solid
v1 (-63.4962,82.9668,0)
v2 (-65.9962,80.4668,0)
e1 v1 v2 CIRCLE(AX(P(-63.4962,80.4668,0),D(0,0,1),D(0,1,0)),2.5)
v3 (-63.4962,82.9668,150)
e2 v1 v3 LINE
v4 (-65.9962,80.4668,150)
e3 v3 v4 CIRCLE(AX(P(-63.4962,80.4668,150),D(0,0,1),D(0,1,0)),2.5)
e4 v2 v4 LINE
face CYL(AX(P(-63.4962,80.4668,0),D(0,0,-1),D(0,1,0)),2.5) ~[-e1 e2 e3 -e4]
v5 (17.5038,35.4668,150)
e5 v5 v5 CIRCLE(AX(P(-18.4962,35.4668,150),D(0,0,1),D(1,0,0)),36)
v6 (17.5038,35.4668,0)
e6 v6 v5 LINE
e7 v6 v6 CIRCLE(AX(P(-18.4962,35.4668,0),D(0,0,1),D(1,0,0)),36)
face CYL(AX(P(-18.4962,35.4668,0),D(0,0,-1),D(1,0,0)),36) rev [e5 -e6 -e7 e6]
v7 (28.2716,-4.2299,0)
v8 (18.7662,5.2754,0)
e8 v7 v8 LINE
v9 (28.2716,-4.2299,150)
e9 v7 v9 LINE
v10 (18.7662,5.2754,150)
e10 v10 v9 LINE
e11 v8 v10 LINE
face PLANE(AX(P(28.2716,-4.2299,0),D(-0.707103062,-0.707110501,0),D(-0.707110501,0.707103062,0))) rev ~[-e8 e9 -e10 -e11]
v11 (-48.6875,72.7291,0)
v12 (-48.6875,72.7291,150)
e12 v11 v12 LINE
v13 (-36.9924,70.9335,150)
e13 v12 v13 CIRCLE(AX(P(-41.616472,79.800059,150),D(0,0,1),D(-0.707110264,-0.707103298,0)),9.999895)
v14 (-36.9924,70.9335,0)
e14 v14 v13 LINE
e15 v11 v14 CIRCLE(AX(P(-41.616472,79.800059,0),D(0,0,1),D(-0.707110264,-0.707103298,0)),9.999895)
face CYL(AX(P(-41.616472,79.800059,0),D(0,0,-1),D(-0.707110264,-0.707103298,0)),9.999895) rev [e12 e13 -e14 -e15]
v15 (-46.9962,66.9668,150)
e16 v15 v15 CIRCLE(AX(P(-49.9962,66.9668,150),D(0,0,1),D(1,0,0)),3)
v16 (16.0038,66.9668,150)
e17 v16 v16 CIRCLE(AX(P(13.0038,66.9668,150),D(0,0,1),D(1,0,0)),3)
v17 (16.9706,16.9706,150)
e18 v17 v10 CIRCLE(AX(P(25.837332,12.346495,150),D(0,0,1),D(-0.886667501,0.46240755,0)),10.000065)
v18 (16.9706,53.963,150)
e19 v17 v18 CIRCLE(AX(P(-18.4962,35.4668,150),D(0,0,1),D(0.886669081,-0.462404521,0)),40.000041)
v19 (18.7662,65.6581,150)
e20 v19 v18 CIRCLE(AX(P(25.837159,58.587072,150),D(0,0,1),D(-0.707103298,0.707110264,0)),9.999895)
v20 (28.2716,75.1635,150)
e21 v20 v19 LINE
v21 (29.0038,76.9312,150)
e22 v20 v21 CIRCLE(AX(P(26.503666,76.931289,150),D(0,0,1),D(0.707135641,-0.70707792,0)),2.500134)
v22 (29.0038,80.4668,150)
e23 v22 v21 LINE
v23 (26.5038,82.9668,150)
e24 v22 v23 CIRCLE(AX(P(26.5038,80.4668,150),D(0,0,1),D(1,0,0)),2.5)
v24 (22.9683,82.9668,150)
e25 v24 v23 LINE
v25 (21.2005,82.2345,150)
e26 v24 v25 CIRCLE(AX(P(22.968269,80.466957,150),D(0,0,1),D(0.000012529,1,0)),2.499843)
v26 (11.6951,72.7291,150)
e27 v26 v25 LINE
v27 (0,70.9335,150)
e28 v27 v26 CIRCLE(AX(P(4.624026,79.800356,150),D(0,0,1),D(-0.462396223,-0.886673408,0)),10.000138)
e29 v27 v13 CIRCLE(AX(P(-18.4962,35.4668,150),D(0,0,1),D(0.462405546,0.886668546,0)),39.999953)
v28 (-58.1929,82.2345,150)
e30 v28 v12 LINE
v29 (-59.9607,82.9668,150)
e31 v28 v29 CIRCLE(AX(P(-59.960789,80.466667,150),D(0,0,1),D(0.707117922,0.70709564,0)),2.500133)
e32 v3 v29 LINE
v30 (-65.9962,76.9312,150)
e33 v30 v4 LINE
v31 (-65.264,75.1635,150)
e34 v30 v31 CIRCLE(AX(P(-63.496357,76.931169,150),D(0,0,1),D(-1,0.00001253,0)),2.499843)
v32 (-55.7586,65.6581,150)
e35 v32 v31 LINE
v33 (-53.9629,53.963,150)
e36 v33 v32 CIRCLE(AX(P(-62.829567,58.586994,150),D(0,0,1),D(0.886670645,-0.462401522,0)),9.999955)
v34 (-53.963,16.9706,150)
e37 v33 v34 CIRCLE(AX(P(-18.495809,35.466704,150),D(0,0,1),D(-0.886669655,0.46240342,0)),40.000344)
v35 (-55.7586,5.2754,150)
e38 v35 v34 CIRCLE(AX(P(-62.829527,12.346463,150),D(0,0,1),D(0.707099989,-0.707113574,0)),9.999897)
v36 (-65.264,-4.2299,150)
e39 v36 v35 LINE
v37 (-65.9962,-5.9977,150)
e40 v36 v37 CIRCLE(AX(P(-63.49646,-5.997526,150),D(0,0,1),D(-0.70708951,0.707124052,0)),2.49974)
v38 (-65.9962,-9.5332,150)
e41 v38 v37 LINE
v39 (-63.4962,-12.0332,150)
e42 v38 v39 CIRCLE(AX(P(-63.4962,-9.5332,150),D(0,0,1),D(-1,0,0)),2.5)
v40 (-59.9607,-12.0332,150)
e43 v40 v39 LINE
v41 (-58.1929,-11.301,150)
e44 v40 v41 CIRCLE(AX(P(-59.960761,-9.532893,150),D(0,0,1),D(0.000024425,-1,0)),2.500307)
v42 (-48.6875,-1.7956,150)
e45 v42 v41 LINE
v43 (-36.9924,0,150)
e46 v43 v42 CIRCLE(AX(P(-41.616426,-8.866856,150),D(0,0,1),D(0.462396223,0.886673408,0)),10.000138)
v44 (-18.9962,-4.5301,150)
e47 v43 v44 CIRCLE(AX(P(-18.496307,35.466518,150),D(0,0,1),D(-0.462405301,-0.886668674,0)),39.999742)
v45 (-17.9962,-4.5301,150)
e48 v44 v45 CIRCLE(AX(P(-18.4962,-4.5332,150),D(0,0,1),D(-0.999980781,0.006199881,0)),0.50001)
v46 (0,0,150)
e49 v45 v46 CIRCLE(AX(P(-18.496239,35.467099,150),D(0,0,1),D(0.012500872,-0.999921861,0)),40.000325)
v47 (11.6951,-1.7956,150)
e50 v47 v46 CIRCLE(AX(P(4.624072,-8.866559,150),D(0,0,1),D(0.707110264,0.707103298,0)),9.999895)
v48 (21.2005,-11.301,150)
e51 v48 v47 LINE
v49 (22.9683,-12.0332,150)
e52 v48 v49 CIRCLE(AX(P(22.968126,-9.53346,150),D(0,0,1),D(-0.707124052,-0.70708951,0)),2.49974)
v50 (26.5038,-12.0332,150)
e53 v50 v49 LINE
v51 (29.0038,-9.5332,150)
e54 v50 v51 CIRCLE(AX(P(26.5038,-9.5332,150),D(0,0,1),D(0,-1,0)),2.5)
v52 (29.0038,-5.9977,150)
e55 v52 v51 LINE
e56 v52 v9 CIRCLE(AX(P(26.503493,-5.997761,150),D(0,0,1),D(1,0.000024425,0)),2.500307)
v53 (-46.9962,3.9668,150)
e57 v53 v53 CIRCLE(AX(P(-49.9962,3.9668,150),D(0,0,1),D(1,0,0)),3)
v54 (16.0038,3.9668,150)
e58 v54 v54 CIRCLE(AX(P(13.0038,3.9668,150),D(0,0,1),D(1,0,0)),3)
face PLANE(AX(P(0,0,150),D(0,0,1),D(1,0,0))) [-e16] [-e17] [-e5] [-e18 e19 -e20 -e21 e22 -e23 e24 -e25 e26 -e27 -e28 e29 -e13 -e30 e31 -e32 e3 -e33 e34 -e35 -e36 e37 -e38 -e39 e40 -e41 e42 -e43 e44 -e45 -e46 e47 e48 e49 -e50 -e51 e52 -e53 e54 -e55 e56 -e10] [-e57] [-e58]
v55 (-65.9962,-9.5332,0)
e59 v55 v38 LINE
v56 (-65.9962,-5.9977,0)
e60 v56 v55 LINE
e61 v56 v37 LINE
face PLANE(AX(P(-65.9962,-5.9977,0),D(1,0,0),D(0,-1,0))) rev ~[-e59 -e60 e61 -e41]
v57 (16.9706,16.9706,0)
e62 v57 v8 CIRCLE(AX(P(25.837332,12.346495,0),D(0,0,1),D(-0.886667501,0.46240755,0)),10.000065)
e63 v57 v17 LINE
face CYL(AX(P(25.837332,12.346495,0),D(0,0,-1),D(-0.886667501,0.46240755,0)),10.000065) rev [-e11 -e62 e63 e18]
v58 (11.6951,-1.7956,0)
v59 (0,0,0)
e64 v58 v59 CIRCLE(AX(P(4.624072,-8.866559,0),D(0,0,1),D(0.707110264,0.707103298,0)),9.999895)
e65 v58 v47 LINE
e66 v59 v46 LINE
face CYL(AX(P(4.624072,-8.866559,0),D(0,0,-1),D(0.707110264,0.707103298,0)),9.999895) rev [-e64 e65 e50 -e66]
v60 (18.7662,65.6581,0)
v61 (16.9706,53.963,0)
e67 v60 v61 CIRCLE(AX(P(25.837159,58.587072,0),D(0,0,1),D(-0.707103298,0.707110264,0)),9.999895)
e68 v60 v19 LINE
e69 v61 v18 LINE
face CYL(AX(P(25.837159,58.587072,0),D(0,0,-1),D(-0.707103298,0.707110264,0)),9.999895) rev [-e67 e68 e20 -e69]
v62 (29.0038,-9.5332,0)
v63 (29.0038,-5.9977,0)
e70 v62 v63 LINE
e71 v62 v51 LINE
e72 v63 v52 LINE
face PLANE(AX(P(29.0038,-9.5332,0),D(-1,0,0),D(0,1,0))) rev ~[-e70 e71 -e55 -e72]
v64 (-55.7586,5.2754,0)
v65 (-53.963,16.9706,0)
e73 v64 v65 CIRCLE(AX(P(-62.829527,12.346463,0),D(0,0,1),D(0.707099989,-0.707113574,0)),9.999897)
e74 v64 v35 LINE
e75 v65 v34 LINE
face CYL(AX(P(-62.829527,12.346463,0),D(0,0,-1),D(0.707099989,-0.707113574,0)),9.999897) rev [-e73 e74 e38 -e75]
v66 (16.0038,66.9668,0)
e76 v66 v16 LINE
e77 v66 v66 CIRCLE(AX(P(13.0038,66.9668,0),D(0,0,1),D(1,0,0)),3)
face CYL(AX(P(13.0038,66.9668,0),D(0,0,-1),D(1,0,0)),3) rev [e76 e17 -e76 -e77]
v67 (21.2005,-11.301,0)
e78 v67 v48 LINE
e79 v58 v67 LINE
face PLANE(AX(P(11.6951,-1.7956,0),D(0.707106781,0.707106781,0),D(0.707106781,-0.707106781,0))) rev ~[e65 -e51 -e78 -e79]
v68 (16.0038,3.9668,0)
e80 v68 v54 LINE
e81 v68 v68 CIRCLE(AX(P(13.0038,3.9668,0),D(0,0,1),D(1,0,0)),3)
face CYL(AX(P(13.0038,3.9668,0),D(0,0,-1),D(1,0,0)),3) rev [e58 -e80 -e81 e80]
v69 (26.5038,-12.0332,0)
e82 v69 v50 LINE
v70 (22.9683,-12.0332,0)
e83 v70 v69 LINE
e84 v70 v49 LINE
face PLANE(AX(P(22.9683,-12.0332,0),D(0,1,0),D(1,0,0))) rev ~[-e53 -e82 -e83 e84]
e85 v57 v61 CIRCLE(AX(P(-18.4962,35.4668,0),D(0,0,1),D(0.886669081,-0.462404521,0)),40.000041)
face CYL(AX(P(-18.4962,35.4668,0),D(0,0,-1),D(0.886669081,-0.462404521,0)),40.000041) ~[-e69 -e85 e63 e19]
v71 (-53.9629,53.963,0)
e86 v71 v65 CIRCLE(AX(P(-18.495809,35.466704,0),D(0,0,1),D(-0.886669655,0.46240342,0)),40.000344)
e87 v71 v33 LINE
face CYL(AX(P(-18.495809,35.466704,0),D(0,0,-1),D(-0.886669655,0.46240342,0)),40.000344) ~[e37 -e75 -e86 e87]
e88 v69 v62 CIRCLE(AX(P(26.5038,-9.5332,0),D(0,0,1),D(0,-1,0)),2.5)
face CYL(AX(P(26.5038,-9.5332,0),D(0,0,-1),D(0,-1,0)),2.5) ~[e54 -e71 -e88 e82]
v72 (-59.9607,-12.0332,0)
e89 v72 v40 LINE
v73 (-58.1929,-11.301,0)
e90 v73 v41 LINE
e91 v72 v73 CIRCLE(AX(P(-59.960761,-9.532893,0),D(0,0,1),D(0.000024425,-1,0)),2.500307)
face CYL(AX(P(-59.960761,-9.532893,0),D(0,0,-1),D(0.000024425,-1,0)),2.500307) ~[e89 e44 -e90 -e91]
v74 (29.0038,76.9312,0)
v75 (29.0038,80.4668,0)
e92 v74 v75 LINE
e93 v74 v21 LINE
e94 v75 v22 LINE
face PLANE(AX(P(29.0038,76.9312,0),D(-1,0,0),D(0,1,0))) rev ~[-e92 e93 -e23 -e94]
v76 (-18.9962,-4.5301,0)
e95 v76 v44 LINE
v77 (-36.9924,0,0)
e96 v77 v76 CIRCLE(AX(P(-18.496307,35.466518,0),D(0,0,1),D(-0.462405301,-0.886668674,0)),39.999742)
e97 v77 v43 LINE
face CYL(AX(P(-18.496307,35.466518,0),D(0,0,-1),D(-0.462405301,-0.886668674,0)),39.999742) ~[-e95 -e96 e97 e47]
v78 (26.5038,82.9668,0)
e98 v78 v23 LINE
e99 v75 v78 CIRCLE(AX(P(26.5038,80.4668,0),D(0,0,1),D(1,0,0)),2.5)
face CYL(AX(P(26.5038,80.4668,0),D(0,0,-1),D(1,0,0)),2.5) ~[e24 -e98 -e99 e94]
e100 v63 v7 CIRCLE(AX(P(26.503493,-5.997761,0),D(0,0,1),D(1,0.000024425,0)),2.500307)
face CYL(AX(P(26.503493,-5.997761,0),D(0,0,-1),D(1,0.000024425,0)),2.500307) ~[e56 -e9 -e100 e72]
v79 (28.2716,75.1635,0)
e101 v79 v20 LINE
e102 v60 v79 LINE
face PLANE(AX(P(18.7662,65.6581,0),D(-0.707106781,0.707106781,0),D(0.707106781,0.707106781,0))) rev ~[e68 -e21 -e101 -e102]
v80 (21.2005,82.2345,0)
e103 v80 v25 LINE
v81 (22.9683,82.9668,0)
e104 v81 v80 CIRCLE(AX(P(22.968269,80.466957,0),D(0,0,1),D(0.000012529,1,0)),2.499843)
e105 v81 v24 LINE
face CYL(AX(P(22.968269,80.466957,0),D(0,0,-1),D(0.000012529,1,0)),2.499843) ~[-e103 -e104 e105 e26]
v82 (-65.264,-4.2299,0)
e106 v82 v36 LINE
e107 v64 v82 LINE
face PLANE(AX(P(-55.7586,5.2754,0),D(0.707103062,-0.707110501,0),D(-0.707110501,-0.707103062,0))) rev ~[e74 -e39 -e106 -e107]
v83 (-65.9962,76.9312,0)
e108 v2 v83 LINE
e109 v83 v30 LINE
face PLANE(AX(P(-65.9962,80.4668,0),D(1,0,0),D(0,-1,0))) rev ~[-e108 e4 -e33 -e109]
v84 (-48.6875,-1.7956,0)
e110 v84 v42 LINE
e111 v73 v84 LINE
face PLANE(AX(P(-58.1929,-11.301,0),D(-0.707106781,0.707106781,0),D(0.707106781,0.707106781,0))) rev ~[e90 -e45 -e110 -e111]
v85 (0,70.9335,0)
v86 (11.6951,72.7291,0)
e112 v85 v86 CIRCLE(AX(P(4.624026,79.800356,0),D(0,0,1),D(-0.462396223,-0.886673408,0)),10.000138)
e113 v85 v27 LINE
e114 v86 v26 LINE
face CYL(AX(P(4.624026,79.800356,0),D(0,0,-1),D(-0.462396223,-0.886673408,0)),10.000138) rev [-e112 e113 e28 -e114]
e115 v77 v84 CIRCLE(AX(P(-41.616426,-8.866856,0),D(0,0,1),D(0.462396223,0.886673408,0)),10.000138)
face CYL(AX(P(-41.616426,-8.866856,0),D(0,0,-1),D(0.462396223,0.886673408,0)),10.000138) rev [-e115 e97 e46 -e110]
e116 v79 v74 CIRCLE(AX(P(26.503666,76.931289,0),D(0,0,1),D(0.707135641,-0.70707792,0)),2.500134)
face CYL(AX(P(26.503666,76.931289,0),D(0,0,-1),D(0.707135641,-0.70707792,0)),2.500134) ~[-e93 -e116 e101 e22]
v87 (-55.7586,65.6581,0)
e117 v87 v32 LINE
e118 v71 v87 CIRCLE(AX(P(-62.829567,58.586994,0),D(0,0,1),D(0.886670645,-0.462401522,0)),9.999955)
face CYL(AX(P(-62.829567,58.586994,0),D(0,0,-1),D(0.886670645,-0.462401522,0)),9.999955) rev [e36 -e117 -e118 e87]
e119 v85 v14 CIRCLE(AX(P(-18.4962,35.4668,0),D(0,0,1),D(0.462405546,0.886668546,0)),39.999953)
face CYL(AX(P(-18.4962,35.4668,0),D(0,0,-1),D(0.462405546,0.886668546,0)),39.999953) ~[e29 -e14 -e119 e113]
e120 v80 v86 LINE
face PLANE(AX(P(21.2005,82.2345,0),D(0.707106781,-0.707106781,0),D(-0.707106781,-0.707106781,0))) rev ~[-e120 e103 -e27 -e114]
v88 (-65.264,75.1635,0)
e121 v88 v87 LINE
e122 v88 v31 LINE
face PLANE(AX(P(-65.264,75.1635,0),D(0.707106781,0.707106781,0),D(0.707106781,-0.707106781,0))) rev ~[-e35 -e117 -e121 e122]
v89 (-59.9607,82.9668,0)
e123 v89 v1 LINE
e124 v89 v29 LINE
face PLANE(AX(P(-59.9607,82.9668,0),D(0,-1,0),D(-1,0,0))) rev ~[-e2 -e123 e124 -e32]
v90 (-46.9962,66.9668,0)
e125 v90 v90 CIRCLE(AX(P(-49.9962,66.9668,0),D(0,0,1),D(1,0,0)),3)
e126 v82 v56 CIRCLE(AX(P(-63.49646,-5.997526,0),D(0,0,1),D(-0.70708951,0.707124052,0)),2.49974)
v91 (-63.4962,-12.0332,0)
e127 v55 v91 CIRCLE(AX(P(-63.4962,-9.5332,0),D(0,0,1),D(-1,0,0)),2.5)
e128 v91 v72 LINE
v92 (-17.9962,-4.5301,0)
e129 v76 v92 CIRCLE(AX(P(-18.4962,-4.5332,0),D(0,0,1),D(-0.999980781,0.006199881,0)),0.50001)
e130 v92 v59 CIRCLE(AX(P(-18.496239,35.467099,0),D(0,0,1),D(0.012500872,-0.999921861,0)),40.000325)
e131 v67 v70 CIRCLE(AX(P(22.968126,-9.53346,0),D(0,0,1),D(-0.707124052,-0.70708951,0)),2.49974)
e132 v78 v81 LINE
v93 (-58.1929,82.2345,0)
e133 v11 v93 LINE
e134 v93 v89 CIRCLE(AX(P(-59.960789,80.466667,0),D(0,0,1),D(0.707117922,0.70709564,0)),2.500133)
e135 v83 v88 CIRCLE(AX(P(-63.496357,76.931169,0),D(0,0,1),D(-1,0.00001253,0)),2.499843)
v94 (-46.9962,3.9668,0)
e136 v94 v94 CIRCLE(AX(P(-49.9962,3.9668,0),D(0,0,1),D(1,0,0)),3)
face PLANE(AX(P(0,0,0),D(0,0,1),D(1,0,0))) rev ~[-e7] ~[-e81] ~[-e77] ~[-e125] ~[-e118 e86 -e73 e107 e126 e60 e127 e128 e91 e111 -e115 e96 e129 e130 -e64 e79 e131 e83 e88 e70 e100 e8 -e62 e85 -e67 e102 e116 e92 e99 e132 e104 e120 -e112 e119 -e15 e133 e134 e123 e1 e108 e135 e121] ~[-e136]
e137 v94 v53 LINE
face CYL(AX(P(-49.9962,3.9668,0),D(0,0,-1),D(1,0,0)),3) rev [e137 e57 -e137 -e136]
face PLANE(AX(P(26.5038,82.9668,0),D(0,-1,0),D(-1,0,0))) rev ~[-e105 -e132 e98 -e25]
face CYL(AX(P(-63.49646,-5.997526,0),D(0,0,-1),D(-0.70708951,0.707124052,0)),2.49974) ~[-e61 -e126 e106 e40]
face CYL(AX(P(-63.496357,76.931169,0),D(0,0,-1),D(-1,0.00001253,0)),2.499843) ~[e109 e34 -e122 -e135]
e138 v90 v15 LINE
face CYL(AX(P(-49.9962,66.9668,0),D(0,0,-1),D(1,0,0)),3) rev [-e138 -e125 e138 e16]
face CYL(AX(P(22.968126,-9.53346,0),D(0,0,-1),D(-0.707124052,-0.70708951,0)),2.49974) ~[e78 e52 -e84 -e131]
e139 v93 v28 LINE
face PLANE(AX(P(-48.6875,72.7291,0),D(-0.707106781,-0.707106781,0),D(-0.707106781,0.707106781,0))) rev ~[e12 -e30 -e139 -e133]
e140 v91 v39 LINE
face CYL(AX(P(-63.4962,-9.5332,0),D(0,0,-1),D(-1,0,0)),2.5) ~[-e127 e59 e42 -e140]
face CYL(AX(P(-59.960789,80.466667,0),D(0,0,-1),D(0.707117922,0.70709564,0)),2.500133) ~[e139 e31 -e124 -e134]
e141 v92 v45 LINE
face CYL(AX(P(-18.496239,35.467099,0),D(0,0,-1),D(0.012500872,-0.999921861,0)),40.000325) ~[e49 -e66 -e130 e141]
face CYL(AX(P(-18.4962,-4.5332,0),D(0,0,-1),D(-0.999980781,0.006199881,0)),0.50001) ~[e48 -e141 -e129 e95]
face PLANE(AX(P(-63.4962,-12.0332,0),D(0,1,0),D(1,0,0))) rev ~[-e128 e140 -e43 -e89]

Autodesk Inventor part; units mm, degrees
ref_plane "YZ Plane" through (0, 0, 0) normal (1, 0, 0) x (0, 1, 0)
ref_plane "XZ Plane" through (0, 0, 0) normal (0, 1, 0) x (-1, 0, 0)
ref_plane "XY Plane" through (0, 0, 0) normal (0, 0, 1) x (1, 0, 0)
sketch "Sketch1" plane through (0, 0, 0) normal (0, 0, 1) x (1, 0, 0)
  arc A0 (11.6951, -1.7956) -> (0, 0) centre (4.624, -8.8667) ccw
  line L0 (11.6951, -1.7956) -> (21.2005, -11.301)
  arc A1 (21.2005, -11.301) -> (22.9683, -12.0332) centre (22.9683, -9.5332) ccw
  line L1 (22.9683, -12.0332) -> (26.5038, -12.0332)
  arc A2 (26.5038, -12.0332) -> (29.0038, -9.5332) centre (26.5038, -9.5332) ccw
  line L2 (29.0038, -9.5332) -> (29.0038, -5.9977)
  arc A3 (29.0038, -5.9977) -> (28.2716, -4.2299) centre (26.5038, -5.9977) ccw
  line L3 (28.2716, -4.2299) -> (18.7662, 5.2754)
  arc A4 (16.9706, 16.9706) -> (18.7662, 5.2754) centre (25.8373, 12.3465) ccw
  arc A5 (16.9706, 16.9706) -> (16.9706, 53.963) centre (-18.4962, 35.4668) ccw
  arc A6 (18.7662, 65.6581) -> (16.9706, 53.963) centre (25.8373, 58.587) ccw
  line L4 (18.7662, 65.6581) -> (28.2716, 75.1635)
  arc A7 (28.2716, 75.1635) -> (29.0038, 76.9312) centre (26.5038, 76.9312) ccw
  line L5 (29.0038, 76.9312) -> (29.0038, 80.4668)
  arc A8 (29.0038, 80.4668) -> (26.5038, 82.9668) centre (26.5038, 80.4668) ccw
  line L6 (26.5038, 82.9668) -> (22.9683, 82.9668)
  arc A9 (22.9683, 82.9668) -> (21.2005, 82.2345) centre (22.9683, 80.4668) ccw
  line L7 (21.2005, 82.2345) -> (11.6951, 72.7291)
  arc A10 (0, 70.9335) -> (11.6951, 72.7291) centre (4.624, 79.8002) ccw
  arc A11 (0, 70.9335) -> (-36.9924, 70.9335) centre (-18.4962, 35.4668) ccw
  arc A12 (-48.6875, 72.7291) -> (-36.9924, 70.9335) centre (-41.6164, 79.8002) ccw
  line L8 (-48.6875, 72.7291) -> (-58.1929, 82.2345)
  arc A13 (-58.1929, 82.2345) -> (-59.9607, 82.9668) centre (-59.9607, 80.4668) ccw
  line L9 (-59.9607, 82.9668) -> (-63.4962, 82.9668)
  arc A14 (-63.4962, 82.9668) -> (-65.9962, 80.4668) centre (-63.4962, 80.4668) ccw
  line L10 (-65.9962, 80.4668) -> (-65.9962, 76.9312)
  arc A15 (-65.9962, 76.9312) -> (-65.264, 75.1635) centre (-63.4962, 76.9312) ccw
  line L11 (-65.264, 75.1635) -> (-55.7586, 65.6581)
  arc A16 (-53.9629, 53.963) -> (-55.7586, 65.6581) centre (-62.8296, 58.587) ccw
  arc A17 (-53.9629, 53.963) -> (-53.963, 16.9706) centre (-18.4962, 35.4668) ccw
  arc A18 (-55.7586, 5.2754) -> (-53.963, 16.9706) centre (-62.8296, 12.3465) ccw
  line L12 (-55.7586, 5.2754) -> (-65.264, -4.2299)
  arc A19 (-65.264, -4.2299) -> (-65.9962, -5.9977) centre (-63.4962, -5.9977) ccw
  line L13 (-65.9962, -5.9977) -> (-65.9962, -9.5332)
  arc A20 (-65.9962, -9.5332) -> (-63.4962, -12.0332) centre (-63.4962, -9.5332) ccw
  line L14 (-63.4962, -12.0332) -> (-59.9607, -12.0332)
  arc A21 (-59.9607, -12.0332) -> (-58.1929, -11.301) centre (-59.9607, -9.5332) ccw
  line L15 (-58.1929, -11.301) -> (-48.6875, -1.7956)
  arc A22 (-36.9924, 0) -> (-48.6875, -1.7956) centre (-41.6164, -8.8667) ccw
  arc A23 (-36.9924, 0) -> (-18.9962, -4.5301) centre (-18.4962, 35.4668) ccw
  arc A24 (-18.9962, -4.5301) -> (-17.9962, -4.5301) centre (-18.4962, -4.5332) ccw
  arc A25 (-17.9962, -4.5301) -> (0, 0) centre (-18.4962, 35.4668) ccw
  circle A26 centre (-49.9962, 3.9668) radius 3
  circle A27 centre (-49.9962, 66.9668) radius 3
  circle A28 centre (13.0038, 3.9668) radius 3
  circle A29 centre (13.0038, 66.9668) radius 3
  circle A30 centre (-18.4962, 35.4668) radius 36
extrude "Extrusion1" add sketch "Sketch1" along normal blind 400
sketch "Sketch2" plane through (0, 0, 400) normal (0, 0, 1) x (1, 0, 0)
  circle A0 centre (-18.4962, 35.4668) radius 36 projected
  circle A1 centre (13.0038, 66.9668) radius 3 projected
  circle A2 centre (13.0038, 3.9668) radius 3 projected
  circle A3 centre (-49.9962, 66.9668) radius 3 projected
  circle A4 centre (-49.9962, 3.9668) radius 3 projected
  arc A5 (-17.9962, -4.5301) -> (0, 0) centre (-18.4962, 35.4668) ccw projected
  arc A6 (11.6951, -1.7956) -> (0, 0) centre (4.624, -8.8667) ccw projected
  line L0 (21.2005, -11.301) -> (11.6951, -1.7956) projected
  arc A7 (21.2005, -11.301) -> (22.9683, -12.0332) centre (22.9683, -9.5332) ccw projected
  line L1 (26.5038, -12.0332) -> (22.9683, -12.0332) projected
  arc A8 (26.5038, -12.0332) -> (29.0038, -9.5332) centre (26.5038, -9.5332) ccw projected
  line L2 (29.0038, -5.9977) -> (29.0038, -9.5332) projected
  arc A9 (29.0038, -5.9977) -> (28.2716, -4.2299) centre (26.5038, -5.9977) ccw projected
  line L3 (18.7662, 5.2754) -> (28.2716, -4.2299) projected
  arc A10 (16.9706, 16.9706) -> (18.7662, 5.2754) centre (25.8373, 12.3465) ccw projected
  arc A11 (16.9706, 16.9706) -> (16.9706, 53.963) centre (-18.4962, 35.4668) ccw projected
  arc A12 (18.7662, 65.6581) -> (16.9706, 53.963) centre (25.8373, 58.587) ccw projected
  line L4 (28.2716, 75.1635) -> (18.7662, 65.6581) projected
  arc A13 (28.2716, 75.1635) -> (29.0038, 76.9312) centre (26.5038, 76.9312) ccw projected
  line L5 (29.0038, 80.4668) -> (29.0038, 76.9312) projected
  arc A14 (29.0038, 80.4668) -> (26.5038, 82.9668) centre (26.5038, 80.4668) ccw projected
  line L6 (22.9683, 82.9668) -> (26.5038, 82.9668) projected
  arc A15 (22.9683, 82.9668) -> (21.2005, 82.2345) centre (22.9683, 80.4668) ccw projected
  line L7 (11.6951, 72.7291) -> (21.2005, 82.2345) projected
  arc A16 (0, 70.9335) -> (11.6951, 72.7291) centre (4.624, 79.8002) ccw projected
  arc A17 (0, 70.9335) -> (-36.9924, 70.9335) centre (-18.4962, 35.4668) ccw projected
  arc A18 (-48.6875, 72.7291) -> (-36.9924, 70.9335) centre (-41.6164, 79.8002) ccw projected
  line L8 (-58.1929, 82.2345) -> (-48.6875, 72.7291) projected
  arc A19 (-58.1929, 82.2345) -> (-59.9607, 82.9668) centre (-59.9607, 80.4668) ccw projected
  line L9 (-63.4962, 82.9668) -> (-59.9607, 82.9668) projected
  arc A20 (-63.4962, 82.9668) -> (-65.9962, 80.4668) centre (-63.4962, 80.4668) ccw projected
  line L10 (-65.9962, 76.9312) -> (-65.9962, 80.4668) projected
  arc A21 (-65.9962, 76.9312) -> (-65.264, 75.1635) centre (-63.4962, 76.9312) ccw projected
  line L11 (-55.7586, 65.6581) -> (-65.264, 75.1635) projected
  arc A22 (-53.9629, 53.963) -> (-55.7586, 65.6581) centre (-62.8296, 58.587) ccw projected
  arc A23 (-53.9629, 53.963) -> (-53.963, 16.9706) centre (-18.4962, 35.4668) ccw projected
  arc A24 (-55.7586, 5.2754) -> (-53.963, 16.9706) centre (-62.8296, 12.3465) ccw projected
  line L12 (-65.264, -4.2299) -> (-55.7586, 5.2754) projected
  arc A25 (-65.264, -4.2299) -> (-65.9962, -5.9977) centre (-63.4962, -5.9977) ccw projected
  line L13 (-65.9962, -9.5332) -> (-65.9962, -5.9977) projected
  arc A26 (-65.9962, -9.5332) -> (-63.4962, -12.0332) centre (-63.4962, -9.5332) ccw projected
  line L14 (-59.9607, -12.0332) -> (-63.4962, -12.0332) projected
  arc A27 (-59.9607, -12.0332) -> (-58.1929, -11.301) centre (-59.9607, -9.5332) ccw projected
  line L15 (-48.6875, -1.7956) -> (-58.1929, -11.301) projected
  arc A28 (-36.9924, 0) -> (-48.6875, -1.7956) centre (-41.6164, -8.8667) ccw projected
  arc A29 (-36.9924, 0) -> (-18.9962, -4.5301) centre (-18.4962, 35.4668) ccw projected
  arc A30 (-18.9962, -4.5301) -> (-17.9962, -4.5301) centre (-18.4962, -4.5332) ccw projected
extrude "Extrusion2" cut sketch "Sketch2" against normal blind 250
properties part number "X95_150mm"
